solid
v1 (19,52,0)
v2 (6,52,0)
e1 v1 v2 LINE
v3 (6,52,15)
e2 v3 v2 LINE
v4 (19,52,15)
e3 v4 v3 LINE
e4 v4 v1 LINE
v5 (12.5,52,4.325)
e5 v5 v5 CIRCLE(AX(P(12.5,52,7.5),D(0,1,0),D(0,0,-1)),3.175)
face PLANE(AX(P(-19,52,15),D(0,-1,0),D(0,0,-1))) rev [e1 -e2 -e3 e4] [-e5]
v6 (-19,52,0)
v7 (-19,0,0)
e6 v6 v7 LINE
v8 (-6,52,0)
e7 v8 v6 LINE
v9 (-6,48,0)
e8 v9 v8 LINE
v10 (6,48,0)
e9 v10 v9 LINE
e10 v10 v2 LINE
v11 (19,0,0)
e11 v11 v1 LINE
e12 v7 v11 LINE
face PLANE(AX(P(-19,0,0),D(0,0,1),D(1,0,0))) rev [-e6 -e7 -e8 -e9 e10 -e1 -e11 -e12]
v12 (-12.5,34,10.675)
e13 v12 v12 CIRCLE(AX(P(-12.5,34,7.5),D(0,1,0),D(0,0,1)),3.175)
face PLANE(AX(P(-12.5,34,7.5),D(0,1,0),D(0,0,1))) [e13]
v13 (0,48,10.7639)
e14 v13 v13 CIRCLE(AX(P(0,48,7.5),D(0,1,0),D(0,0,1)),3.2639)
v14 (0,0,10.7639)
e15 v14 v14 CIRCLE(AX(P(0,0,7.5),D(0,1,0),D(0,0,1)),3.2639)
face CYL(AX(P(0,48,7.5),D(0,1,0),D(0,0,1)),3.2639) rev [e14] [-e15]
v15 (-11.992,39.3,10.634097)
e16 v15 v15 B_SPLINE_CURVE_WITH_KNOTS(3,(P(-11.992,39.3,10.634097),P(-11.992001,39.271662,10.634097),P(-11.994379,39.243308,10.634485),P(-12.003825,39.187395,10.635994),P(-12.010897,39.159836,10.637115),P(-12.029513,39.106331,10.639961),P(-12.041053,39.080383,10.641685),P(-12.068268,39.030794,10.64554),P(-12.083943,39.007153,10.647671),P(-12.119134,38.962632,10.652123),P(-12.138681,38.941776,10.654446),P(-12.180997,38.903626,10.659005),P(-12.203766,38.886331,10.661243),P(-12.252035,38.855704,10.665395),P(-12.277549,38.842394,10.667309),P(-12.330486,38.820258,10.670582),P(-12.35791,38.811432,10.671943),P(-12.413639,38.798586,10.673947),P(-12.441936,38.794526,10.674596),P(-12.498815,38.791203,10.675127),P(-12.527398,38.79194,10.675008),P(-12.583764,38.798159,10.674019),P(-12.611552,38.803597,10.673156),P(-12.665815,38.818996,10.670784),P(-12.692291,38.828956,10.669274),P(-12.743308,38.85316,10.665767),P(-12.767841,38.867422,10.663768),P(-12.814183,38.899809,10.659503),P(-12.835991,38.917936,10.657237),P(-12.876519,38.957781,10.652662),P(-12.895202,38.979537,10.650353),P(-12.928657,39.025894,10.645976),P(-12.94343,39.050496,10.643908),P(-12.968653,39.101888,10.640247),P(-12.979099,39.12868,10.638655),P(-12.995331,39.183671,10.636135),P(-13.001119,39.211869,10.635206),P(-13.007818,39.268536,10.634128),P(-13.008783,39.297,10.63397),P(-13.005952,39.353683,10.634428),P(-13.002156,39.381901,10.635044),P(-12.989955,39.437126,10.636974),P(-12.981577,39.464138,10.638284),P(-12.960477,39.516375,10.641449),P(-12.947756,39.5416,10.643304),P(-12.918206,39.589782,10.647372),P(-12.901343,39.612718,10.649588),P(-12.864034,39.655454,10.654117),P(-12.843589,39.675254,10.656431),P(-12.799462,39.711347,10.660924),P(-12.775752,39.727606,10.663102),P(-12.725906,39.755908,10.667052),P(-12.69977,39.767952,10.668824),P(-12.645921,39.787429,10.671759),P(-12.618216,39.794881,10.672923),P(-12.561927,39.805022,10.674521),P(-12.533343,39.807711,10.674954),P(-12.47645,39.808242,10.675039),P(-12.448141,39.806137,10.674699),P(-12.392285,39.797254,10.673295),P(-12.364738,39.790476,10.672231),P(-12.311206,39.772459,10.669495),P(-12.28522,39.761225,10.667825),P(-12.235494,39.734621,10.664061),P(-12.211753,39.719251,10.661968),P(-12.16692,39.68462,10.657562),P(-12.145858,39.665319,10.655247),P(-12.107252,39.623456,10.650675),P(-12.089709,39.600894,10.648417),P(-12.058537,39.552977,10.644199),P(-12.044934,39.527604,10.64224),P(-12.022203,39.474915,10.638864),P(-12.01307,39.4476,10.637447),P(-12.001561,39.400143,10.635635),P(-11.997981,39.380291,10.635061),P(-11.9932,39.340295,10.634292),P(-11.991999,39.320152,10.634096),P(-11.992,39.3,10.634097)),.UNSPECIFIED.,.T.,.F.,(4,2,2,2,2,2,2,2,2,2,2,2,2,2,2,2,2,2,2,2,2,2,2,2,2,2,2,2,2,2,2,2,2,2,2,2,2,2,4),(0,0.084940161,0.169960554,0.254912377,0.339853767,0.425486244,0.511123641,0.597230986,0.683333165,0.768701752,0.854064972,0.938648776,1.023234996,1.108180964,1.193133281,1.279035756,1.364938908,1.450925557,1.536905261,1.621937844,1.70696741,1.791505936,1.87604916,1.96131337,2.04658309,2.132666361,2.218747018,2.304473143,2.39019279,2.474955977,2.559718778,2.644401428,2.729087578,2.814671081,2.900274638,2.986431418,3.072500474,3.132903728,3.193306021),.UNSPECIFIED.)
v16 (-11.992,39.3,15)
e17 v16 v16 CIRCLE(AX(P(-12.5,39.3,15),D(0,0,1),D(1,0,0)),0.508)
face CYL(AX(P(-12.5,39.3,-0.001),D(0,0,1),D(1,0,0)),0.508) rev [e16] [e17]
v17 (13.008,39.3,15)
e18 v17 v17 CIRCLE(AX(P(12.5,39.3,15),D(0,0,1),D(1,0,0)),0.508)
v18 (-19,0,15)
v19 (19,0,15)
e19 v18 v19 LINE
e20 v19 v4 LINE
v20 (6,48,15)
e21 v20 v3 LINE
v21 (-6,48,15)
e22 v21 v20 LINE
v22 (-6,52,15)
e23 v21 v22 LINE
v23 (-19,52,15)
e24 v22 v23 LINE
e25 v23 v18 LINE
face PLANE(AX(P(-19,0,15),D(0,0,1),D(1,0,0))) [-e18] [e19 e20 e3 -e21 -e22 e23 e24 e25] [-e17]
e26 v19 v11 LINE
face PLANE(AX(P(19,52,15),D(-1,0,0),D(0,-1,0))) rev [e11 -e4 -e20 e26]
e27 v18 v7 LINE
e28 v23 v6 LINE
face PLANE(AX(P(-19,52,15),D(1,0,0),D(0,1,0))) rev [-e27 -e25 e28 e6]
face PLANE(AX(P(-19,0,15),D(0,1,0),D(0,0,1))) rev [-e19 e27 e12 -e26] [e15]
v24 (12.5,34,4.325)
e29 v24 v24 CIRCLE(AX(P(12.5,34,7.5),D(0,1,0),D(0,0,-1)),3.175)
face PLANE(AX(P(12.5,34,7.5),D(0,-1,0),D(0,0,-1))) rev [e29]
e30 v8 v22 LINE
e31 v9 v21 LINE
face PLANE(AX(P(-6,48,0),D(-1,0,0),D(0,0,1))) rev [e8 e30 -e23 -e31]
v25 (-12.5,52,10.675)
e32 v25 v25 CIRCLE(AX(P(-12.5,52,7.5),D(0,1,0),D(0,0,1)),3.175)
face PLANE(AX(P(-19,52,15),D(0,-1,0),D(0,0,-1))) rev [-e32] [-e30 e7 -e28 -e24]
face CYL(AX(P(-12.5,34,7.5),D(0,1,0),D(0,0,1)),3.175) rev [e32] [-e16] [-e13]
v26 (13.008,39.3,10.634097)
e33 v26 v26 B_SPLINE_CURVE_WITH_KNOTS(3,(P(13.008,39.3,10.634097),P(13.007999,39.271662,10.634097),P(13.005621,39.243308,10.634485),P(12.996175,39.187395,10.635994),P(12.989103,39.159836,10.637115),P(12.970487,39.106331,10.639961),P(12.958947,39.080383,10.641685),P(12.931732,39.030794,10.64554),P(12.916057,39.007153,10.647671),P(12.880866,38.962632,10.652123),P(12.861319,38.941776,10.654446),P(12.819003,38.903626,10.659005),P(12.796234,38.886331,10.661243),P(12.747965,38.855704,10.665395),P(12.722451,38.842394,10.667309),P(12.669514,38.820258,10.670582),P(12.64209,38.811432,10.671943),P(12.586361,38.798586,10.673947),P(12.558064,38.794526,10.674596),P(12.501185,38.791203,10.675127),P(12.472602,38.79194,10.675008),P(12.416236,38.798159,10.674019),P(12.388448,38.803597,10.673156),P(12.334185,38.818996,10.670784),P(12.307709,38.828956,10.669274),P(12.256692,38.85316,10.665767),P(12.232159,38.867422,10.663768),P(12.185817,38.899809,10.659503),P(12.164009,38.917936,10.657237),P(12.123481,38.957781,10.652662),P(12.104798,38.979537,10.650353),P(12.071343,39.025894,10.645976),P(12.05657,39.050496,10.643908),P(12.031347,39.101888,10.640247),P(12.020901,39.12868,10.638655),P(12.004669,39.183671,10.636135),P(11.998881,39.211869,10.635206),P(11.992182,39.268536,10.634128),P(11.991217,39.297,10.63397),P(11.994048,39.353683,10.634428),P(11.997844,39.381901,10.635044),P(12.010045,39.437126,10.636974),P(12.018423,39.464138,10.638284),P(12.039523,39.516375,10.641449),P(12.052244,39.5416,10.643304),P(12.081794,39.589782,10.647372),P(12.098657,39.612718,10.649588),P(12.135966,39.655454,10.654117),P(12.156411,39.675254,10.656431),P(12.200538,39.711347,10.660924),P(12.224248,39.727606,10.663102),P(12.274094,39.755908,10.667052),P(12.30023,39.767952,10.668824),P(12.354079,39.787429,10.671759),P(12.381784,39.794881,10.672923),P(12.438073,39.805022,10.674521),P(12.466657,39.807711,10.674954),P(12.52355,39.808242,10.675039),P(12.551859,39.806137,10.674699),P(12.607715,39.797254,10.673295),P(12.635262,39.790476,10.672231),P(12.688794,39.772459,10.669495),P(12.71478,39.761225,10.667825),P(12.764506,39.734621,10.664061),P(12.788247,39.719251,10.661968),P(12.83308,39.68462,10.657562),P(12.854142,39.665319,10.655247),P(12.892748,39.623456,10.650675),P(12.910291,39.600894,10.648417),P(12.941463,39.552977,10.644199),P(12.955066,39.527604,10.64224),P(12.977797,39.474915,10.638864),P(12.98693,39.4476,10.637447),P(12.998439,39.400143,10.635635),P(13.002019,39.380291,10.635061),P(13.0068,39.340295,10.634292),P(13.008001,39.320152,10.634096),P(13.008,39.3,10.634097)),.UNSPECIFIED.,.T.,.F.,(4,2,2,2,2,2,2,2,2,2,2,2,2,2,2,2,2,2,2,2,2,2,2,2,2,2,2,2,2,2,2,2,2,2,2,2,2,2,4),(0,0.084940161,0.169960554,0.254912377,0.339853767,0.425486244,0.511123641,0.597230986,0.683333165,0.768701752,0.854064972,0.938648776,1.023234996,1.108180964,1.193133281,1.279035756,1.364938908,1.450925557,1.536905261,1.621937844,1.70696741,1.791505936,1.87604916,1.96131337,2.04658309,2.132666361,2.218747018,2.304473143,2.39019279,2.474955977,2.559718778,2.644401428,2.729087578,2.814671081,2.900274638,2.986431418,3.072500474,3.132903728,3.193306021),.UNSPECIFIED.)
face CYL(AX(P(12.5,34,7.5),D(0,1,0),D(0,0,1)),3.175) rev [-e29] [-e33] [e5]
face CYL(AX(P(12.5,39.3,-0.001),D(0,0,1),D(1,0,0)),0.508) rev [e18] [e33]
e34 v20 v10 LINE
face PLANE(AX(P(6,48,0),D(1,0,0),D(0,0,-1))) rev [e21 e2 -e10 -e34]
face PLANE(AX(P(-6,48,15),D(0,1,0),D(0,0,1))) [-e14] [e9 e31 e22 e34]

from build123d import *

# Parameters (mm, degrees)
SKETCH1_W               = 38
SKETCH1_H               = 52
EXTRUDE1_DEPTH          = 15
SKETCH3_R               = 3.175
CUT_EXTRUDE2_DEPTH      = 18
SKETCH5_W               = 12
SKETCH5_H               = 15
CUT_EXTRUDE4_DEPTH      = 4
F_1_4_CLEARANCE_HOLE1_D = 6.5278
CUT_EXTRUDE5_REACH      = 17
SKETCH12_R              = 0.508


with BuildPart() as part:
    # Sketch1 → Extrude1 (new body)
    with BuildSketch(Plane.XY):
        with Locations((0, 26)):
            Rectangle(SKETCH1_W, SKETCH1_H)
    extrude(amount=EXTRUDE1_DEPTH)

    # Sketch3 → Cut-Extrude2 (cut)
    with BuildSketch(Plane(origin=(0, 52, 0), x_dir=(-1, 0, 0), z_dir=(0, 1, 0))):
        with Locations(Location((12.5, 7.5, 0), (0, 0, 90))):  # turned: the seam where the file's is
            Circle(SKETCH3_R)
        with Locations(Location((-12.5, 7.5, 0), (0, 0, 270))):  # turned: the seam where the file's is
            Circle(SKETCH3_R)
    extrude(amount=-CUT_EXTRUDE2_DEPTH, mode=Mode.SUBTRACT)

    # Sketch5 → Cut-Extrude4 (cut)
    with BuildSketch(Plane(origin=(0, 52, 0), x_dir=(-1, 0, 0), z_dir=(0, 1, 0))):
        with Locations((0, 7.5)):
            Rectangle(SKETCH5_W, SKETCH5_H)
    extrude(amount=-CUT_EXTRUDE4_DEPTH, mode=Mode.SUBTRACT)

    # 1/4 Clearance Hole1 (through all)
    with Locations(Plane(origin=(0, 48, 0), x_dir=(-1, 0, 0), z_dir=(0, 1, 0))):
        with Locations((0, 7.5)):
            Hole(F_1_4_CLEARANCE_HOLE1_D / 2)

    # Sketch12 → Cut-Extrude5 (cut, up to next)
    with BuildSketch(Plane.XY.offset(15), mode=Mode.PRIVATE) as cut_extrude5_sk1:
        with Locations((-12.5, 39.3)):
            Circle(SKETCH12_R)
    cut_extrude5_tool1 = extrude(cut_extrude5_sk1.sketch, amount=-CUT_EXTRUDE5_REACH, mode=Mode.PRIVATE) & part.part
    add(cut_extrude5_tool1.solids().sort_by_distance((-12.5, 39.3, 15))[0], mode=Mode.SUBTRACT)
    # Sketch12 → Cut-Extrude5 (cut, up to next)
    with BuildSketch(Plane.XY.offset(15), mode=Mode.PRIVATE) as cut_extrude5_sk2:
        with Locations((12.5, 39.3)):
            Circle(SKETCH12_R)
    cut_extrude5_tool2 = extrude(cut_extrude5_sk2.sketch, amount=-CUT_EXTRUDE5_REACH, mode=Mode.PRIVATE) & part.part
    add(cut_extrude5_tool2.solids().sort_by_distance((12.5, 39.3, 15))[0], mode=Mode.SUBTRACT)


solid = part.part
